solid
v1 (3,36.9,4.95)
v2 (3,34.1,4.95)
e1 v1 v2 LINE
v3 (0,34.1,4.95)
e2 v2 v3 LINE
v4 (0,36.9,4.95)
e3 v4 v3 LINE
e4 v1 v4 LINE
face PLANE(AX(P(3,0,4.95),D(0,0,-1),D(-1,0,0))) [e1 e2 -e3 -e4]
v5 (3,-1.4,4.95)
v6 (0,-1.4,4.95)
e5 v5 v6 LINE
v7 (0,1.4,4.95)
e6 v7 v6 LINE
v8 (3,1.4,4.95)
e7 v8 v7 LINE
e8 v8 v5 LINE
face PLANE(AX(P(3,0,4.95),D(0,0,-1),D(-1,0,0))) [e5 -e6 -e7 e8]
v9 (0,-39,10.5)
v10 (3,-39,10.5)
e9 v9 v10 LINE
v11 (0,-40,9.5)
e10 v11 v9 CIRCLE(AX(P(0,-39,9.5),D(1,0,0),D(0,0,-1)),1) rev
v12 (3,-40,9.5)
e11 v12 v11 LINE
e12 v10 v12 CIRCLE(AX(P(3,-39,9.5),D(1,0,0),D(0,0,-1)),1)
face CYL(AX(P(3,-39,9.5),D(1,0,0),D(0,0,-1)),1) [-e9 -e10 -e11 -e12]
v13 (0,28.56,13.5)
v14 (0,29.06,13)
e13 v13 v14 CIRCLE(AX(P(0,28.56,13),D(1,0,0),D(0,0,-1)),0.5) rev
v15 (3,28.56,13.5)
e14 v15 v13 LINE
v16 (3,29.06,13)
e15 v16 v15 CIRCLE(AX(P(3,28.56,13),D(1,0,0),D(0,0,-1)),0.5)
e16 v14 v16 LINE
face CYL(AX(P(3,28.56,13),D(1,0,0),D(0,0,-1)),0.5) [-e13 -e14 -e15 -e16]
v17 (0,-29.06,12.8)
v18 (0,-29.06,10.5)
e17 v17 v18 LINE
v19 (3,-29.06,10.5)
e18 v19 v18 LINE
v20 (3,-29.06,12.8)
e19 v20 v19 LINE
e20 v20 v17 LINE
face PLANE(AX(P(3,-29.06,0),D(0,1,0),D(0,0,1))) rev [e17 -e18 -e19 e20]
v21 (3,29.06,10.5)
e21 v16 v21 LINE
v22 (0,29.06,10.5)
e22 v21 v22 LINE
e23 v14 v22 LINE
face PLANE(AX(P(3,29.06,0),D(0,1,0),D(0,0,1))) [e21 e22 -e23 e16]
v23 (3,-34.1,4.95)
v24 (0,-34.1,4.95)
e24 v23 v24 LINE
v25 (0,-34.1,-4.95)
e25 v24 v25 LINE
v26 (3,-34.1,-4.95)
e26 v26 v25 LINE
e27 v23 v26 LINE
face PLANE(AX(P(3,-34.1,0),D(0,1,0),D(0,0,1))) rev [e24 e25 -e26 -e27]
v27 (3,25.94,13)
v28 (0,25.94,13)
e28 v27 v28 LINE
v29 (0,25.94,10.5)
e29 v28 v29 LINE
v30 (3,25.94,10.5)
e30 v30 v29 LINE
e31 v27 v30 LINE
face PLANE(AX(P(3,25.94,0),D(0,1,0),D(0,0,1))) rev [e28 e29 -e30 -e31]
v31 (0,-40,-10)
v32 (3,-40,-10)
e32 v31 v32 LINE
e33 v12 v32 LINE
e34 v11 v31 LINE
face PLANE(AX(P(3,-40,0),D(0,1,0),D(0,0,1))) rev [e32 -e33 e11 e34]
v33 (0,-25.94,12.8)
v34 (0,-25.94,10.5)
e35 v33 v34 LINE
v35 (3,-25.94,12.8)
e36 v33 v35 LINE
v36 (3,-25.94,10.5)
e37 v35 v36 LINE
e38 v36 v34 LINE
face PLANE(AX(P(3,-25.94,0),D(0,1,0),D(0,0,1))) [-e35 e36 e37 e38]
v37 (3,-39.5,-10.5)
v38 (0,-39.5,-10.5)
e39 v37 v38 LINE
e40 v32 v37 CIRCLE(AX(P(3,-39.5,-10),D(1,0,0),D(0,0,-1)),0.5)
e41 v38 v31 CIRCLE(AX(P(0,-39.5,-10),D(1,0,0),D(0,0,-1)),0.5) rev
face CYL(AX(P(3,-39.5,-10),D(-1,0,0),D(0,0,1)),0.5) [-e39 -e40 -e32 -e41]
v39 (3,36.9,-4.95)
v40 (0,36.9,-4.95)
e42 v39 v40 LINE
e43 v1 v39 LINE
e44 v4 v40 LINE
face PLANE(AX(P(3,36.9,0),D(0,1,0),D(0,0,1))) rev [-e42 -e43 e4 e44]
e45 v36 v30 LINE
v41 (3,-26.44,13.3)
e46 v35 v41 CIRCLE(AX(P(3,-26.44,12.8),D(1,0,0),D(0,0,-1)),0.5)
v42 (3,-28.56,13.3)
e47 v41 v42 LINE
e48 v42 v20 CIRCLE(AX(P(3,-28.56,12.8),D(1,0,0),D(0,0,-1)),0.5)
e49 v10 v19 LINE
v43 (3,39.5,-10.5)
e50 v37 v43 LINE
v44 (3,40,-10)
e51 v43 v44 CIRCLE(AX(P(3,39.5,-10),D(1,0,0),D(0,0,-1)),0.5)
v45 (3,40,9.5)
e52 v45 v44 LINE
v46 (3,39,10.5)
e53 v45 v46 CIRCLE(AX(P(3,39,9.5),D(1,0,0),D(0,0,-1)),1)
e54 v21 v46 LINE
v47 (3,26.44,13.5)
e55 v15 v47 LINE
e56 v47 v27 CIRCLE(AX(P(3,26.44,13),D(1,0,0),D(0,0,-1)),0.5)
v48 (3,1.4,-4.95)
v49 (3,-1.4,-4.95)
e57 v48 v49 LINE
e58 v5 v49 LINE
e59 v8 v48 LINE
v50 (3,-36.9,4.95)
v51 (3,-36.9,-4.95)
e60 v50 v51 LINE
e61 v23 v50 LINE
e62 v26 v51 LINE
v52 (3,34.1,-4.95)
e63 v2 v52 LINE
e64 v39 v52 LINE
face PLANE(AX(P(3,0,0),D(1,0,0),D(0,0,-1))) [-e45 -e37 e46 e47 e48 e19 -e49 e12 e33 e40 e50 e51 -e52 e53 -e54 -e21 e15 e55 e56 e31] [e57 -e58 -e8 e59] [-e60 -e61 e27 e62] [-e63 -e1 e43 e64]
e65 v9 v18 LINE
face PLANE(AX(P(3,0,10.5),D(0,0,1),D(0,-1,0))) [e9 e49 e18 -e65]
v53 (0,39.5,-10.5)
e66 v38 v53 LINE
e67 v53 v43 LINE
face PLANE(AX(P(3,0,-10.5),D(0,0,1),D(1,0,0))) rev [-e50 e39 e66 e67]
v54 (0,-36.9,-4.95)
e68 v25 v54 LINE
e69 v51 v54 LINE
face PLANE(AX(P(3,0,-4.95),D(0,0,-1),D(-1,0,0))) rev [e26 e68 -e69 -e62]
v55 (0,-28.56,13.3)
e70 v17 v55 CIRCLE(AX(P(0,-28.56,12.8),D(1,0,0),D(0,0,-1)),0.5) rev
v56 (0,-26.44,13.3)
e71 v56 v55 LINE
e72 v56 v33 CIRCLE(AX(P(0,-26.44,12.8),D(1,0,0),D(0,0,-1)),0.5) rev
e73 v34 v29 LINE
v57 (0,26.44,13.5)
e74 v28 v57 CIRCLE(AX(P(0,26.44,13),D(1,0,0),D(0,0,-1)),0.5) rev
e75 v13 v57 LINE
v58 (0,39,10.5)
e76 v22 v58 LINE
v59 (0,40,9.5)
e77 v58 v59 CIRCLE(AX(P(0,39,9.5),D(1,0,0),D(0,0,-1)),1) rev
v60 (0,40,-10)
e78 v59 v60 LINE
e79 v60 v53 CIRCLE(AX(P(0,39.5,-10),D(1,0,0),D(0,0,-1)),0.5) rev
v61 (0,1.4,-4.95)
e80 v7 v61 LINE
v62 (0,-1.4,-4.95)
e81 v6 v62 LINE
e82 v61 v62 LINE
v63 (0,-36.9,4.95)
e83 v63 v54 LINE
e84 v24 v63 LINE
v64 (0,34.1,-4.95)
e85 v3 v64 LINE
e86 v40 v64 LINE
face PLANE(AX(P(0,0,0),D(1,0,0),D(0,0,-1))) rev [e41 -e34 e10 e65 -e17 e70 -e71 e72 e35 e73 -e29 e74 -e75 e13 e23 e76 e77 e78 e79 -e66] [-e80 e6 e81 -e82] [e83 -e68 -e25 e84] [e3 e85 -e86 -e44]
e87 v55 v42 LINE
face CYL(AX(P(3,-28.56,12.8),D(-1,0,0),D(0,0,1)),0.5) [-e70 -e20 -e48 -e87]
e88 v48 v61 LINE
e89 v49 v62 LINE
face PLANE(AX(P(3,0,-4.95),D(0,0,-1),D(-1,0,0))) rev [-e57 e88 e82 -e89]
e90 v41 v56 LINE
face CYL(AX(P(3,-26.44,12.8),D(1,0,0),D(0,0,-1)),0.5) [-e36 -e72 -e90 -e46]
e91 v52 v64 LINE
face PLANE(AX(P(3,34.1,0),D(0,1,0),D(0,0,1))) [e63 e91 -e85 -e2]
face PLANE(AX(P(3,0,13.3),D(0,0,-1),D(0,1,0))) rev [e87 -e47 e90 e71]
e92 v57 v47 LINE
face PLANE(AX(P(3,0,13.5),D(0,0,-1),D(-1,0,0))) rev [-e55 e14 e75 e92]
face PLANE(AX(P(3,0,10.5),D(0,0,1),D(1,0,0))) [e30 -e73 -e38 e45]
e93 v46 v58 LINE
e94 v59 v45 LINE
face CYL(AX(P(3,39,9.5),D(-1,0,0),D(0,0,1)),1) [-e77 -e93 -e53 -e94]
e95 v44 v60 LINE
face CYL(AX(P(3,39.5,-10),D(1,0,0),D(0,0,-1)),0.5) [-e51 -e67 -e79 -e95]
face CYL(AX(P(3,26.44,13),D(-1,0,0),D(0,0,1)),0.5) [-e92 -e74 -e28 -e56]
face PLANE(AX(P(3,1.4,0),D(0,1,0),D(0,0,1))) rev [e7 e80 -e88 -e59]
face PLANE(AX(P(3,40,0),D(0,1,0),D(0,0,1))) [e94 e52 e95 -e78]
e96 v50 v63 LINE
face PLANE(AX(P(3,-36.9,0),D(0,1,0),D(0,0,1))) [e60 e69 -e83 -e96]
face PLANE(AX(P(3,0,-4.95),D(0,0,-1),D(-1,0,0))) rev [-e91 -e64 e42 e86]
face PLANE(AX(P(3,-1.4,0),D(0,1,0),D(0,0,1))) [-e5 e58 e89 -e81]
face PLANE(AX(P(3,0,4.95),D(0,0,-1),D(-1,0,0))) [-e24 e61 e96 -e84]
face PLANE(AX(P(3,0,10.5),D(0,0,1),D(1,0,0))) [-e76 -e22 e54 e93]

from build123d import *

# Parameters (mm, degrees)
SKETCH_1_W      = 9.9
SKETCH_1_H      = 2.8
SKETCH_1_W_2    = 3
SKETCH_1_H_2    = 3.12
EXTRUDE_1_DEPTH = 3
FILLET_1_R      = 1
FILLET_2_R      = 0.5


with BuildPart() as part:
    # Эскиз1 → Бобышка-Вытянуть1 (new body)
    with BuildSketch(Plane(origin=(0, 0, 0), x_dir=(0, 0, -1), z_dir=(1, 0, 0))):
        Polygon((-13.3, -25.94), (-13.3, -29.06), (-10.5, -29.06), (-10.5, -40), (10.5, -40), (10.5, 40), (-10.5, 40), (-10.5, -25.94), align=None)
        with Locations((0, 35.5)):
            Rectangle(SKETCH_1_W, SKETCH_1_H, mode=Mode.SUBTRACT)
        Rectangle(SKETCH_1_W, SKETCH_1_H, mode=Mode.SUBTRACT)
        with Locations((0, -35.5)):
            Rectangle(SKETCH_1_W, SKETCH_1_H, mode=Mode.SUBTRACT)
        with Locations((-12, 27.5)):
            Rectangle(SKETCH_1_W_2, SKETCH_1_H_2)
    extrude(amount=EXTRUDE_1_DEPTH)

    # Скругление1
    fillet_1_edges = [part.edges().sort_by_distance(p)[0] for p in [
        (1.5, 40, 10.5),
        (1.5, -40, 10.5),
    ]]
    fillet(fillet_1_edges, radius=FILLET_1_R)

    # Скругление2
    fillet_2_edges = [part.edges().sort_by_distance(p)[0] for p in [
        (1.5, -25.94, 13.3),
        (1.5, 25.94, 13.5),
        (1.5, 29.06, 13.5),
        (1.5, 40, -10.5),
        (1.5, -40, -10.5),
        (1.5, -29.06, 13.3),
    ]]
    fillet(fillet_2_edges, radius=FILLET_2_R)


solid = part.part
